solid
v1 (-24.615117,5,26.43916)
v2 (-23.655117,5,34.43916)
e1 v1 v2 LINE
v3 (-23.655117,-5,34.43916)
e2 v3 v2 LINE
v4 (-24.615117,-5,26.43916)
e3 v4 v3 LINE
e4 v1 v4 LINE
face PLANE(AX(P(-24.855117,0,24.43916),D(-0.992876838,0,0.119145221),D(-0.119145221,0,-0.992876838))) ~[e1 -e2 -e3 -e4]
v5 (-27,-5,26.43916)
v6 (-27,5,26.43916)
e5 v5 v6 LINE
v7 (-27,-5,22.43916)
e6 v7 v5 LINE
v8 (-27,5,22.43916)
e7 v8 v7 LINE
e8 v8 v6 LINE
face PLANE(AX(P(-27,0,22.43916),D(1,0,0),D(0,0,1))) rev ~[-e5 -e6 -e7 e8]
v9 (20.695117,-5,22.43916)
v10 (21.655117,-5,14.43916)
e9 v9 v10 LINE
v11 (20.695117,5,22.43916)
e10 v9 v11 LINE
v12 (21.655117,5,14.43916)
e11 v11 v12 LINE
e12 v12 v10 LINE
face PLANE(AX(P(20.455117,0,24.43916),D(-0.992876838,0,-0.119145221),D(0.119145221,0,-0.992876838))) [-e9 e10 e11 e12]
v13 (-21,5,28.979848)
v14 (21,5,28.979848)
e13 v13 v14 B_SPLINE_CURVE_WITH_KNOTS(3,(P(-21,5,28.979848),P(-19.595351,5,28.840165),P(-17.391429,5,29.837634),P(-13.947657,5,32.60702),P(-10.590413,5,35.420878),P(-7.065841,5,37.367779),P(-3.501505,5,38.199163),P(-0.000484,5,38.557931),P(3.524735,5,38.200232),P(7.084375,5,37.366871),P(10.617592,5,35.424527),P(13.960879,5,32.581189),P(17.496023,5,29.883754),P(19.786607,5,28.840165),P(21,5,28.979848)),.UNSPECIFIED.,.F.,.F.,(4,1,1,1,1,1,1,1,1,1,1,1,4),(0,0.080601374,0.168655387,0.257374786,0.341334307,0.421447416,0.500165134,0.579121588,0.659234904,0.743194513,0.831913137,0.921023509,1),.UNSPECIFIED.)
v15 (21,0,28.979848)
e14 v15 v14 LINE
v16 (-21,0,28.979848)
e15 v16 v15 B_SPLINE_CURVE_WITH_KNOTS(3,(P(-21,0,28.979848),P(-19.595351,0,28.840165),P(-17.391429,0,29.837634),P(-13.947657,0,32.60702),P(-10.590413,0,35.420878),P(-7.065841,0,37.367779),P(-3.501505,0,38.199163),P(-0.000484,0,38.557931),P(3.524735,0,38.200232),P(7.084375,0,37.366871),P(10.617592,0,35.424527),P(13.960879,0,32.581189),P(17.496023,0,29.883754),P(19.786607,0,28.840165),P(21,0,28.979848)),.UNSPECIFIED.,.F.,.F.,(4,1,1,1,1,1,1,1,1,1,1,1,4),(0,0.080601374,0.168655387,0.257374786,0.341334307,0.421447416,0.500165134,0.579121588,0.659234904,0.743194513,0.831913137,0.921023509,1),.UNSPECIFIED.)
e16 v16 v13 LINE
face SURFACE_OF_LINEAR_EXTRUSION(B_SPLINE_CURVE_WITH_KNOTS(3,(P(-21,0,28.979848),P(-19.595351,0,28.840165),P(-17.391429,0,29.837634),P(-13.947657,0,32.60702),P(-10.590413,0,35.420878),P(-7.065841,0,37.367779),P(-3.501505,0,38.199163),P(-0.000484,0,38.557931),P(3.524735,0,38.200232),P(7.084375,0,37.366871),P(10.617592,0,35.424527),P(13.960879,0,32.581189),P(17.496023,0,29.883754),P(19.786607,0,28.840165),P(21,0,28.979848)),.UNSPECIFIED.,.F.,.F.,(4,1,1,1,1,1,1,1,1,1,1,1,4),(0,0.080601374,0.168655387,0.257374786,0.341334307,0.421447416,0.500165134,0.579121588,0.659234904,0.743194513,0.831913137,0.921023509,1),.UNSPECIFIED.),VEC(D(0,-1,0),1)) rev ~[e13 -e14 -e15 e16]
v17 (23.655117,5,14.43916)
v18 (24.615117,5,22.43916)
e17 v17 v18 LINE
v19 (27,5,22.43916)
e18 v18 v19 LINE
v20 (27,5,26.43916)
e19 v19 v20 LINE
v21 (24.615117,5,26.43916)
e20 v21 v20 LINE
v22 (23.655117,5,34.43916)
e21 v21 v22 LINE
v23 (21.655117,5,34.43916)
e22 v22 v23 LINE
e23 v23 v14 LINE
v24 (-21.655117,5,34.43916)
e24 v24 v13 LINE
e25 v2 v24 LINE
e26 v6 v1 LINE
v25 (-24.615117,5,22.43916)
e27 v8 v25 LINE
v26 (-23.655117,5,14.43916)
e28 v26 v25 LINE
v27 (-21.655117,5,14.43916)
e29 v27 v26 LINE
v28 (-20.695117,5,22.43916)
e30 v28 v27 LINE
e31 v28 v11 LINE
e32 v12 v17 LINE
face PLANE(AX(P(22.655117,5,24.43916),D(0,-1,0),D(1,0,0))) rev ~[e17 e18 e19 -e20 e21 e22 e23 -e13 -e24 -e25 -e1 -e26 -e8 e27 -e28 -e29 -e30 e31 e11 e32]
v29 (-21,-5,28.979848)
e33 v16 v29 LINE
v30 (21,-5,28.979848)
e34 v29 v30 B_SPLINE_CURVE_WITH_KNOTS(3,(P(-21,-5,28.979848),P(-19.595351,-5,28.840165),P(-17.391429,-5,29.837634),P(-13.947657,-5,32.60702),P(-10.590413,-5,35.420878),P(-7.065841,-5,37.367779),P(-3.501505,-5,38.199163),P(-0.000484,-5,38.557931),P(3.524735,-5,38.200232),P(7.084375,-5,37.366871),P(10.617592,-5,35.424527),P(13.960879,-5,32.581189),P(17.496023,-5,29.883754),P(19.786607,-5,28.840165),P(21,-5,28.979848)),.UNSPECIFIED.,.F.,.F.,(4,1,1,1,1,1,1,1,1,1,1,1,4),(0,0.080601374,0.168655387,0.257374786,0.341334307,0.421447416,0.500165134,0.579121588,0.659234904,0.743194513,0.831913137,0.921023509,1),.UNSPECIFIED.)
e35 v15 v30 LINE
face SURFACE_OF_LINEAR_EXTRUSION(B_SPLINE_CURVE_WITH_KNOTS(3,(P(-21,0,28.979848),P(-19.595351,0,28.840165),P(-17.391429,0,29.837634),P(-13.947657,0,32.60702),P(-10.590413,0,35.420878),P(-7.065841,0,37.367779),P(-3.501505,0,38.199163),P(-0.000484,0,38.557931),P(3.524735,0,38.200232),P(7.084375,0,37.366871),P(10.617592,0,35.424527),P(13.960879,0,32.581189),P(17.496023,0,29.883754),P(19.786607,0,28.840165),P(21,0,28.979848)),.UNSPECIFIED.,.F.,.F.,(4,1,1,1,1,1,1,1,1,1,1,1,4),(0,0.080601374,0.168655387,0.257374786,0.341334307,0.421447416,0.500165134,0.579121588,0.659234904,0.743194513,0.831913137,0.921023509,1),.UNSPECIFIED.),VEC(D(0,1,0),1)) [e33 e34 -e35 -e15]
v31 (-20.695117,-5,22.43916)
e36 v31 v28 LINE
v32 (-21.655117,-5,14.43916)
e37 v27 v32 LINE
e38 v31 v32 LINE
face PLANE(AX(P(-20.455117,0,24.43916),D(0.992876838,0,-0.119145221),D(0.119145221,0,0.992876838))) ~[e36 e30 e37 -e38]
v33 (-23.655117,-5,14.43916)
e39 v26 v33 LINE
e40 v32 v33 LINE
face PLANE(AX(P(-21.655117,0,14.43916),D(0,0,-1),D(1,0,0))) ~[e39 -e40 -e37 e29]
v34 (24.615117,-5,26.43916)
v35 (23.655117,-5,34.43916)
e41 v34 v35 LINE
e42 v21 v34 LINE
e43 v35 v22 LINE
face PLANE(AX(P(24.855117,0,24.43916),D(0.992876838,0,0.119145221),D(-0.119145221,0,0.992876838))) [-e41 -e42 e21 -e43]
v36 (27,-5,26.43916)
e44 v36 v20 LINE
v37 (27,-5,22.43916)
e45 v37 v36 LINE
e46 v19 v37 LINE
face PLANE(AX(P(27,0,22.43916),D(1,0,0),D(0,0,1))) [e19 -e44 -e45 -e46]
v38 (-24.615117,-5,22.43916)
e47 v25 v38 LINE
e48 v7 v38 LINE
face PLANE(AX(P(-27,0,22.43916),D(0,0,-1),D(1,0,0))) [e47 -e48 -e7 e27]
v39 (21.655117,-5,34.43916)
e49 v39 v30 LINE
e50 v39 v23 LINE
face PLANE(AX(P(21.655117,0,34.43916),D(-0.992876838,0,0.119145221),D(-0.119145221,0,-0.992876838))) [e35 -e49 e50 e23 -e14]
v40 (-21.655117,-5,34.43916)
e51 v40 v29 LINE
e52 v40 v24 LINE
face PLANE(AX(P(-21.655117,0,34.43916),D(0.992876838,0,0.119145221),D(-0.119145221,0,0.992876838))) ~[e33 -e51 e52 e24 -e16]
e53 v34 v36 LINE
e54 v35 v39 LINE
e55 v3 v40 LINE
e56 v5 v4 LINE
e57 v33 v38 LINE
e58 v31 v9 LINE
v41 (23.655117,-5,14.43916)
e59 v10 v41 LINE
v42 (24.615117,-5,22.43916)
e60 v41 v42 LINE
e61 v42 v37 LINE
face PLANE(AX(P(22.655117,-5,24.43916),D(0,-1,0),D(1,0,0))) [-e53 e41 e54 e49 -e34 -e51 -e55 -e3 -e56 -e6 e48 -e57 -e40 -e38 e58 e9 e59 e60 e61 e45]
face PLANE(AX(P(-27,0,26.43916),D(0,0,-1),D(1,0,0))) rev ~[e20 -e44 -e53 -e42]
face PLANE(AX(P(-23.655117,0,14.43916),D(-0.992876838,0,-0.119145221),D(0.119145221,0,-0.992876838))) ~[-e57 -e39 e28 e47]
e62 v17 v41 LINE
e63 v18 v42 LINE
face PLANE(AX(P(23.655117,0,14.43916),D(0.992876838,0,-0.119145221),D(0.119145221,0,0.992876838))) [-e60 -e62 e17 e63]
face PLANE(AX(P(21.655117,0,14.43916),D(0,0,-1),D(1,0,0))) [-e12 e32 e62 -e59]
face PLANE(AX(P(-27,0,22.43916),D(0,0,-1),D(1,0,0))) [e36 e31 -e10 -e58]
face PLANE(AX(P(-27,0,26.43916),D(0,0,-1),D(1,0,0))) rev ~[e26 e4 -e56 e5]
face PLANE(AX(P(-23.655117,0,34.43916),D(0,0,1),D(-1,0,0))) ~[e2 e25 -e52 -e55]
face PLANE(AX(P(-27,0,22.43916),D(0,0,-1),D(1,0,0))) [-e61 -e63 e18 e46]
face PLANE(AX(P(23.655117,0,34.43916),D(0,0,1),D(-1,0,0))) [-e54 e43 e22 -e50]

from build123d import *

# Parameters (mm, degrees)
F1_W     = 54
F1_H     = 4
F2_DEPTH = 5
F4_DEPTH = 5
F6_DEPTH = 5


with BuildPart() as f2:
    # F1 (on Front) → F2 (new body, symmetric)
    with BuildSketch(Plane.XZ):
        with Locations((0, 24.4391597784)):
            Rectangle(F1_W, F1_H)
    extrude(amount=F2_DEPTH, both=True)

    # F5: F4 across plane


with BuildPart() as f4:
    # F3 (on Front) → F4 (new body, symmetric)
    with BuildSketch(Plane.XZ):
        Polygon((21.6551174292, 34.4391597784), (20.4551174292, 24.4391597784), (21.6551174292, 14.4391597784), (23.6551174292, 14.4391597784), (24.8551174292, 24.4391597784), (23.6551174292, 34.4391597784), align=None)
    extrude(amount=F4_DEPTH, both=True)


with BuildPart() as f2_1:
    add(f2.part)
    add(f4.part.mirror(Plane.YZ))


    add(f4.part)  # F6 merges F4
    # F0 (on Front) → F6 (join, symmetric)
    with BuildSketch(Plane.XZ):
        with BuildLine():
            Line((-21, 26.4391597784), (21, 26.4391597784))
            Line((21, 26.4391597784), (21, 28.9798478681))
            add(Edge.make_bspline(
                [(-21, 28.9798478681), (-19.5953512364, 28.8401652252), (-17.391429418, 29.8376339387), (-13.9476569454, 32.6070199787), (-10.5904127723, 35.42087783), (-7.0658407923, 37.3677794905), (-3.5015046033, 38.199162892), (-0.0004836835, 38.5579308119), (3.5247350414, 38.2002323502), (7.084375424, 37.3668707381), (10.6175923145, 35.4245267912), (13.9608785638, 32.5811894464), (17.4960225284, 29.8837543114), (19.7866070593, 28.8401652252), (21, 28.9798478681)],
                knots=[0, 0, 0, 0, 0.0806013739, 0.1686553866, 0.2573747863, 0.3413343067, 0.4214474157, 0.5001651337, 0.5791215884, 0.6592349037, 0.7431945127, 0.831913137, 0.921023509, 1, 1, 1, 1], degree=3))
            Line((-21, 28.9798478681), (-21, 26.4391597784))
        make_face()
    extrude(amount=F6_DEPTH, both=True)


solid = f2_1.part
